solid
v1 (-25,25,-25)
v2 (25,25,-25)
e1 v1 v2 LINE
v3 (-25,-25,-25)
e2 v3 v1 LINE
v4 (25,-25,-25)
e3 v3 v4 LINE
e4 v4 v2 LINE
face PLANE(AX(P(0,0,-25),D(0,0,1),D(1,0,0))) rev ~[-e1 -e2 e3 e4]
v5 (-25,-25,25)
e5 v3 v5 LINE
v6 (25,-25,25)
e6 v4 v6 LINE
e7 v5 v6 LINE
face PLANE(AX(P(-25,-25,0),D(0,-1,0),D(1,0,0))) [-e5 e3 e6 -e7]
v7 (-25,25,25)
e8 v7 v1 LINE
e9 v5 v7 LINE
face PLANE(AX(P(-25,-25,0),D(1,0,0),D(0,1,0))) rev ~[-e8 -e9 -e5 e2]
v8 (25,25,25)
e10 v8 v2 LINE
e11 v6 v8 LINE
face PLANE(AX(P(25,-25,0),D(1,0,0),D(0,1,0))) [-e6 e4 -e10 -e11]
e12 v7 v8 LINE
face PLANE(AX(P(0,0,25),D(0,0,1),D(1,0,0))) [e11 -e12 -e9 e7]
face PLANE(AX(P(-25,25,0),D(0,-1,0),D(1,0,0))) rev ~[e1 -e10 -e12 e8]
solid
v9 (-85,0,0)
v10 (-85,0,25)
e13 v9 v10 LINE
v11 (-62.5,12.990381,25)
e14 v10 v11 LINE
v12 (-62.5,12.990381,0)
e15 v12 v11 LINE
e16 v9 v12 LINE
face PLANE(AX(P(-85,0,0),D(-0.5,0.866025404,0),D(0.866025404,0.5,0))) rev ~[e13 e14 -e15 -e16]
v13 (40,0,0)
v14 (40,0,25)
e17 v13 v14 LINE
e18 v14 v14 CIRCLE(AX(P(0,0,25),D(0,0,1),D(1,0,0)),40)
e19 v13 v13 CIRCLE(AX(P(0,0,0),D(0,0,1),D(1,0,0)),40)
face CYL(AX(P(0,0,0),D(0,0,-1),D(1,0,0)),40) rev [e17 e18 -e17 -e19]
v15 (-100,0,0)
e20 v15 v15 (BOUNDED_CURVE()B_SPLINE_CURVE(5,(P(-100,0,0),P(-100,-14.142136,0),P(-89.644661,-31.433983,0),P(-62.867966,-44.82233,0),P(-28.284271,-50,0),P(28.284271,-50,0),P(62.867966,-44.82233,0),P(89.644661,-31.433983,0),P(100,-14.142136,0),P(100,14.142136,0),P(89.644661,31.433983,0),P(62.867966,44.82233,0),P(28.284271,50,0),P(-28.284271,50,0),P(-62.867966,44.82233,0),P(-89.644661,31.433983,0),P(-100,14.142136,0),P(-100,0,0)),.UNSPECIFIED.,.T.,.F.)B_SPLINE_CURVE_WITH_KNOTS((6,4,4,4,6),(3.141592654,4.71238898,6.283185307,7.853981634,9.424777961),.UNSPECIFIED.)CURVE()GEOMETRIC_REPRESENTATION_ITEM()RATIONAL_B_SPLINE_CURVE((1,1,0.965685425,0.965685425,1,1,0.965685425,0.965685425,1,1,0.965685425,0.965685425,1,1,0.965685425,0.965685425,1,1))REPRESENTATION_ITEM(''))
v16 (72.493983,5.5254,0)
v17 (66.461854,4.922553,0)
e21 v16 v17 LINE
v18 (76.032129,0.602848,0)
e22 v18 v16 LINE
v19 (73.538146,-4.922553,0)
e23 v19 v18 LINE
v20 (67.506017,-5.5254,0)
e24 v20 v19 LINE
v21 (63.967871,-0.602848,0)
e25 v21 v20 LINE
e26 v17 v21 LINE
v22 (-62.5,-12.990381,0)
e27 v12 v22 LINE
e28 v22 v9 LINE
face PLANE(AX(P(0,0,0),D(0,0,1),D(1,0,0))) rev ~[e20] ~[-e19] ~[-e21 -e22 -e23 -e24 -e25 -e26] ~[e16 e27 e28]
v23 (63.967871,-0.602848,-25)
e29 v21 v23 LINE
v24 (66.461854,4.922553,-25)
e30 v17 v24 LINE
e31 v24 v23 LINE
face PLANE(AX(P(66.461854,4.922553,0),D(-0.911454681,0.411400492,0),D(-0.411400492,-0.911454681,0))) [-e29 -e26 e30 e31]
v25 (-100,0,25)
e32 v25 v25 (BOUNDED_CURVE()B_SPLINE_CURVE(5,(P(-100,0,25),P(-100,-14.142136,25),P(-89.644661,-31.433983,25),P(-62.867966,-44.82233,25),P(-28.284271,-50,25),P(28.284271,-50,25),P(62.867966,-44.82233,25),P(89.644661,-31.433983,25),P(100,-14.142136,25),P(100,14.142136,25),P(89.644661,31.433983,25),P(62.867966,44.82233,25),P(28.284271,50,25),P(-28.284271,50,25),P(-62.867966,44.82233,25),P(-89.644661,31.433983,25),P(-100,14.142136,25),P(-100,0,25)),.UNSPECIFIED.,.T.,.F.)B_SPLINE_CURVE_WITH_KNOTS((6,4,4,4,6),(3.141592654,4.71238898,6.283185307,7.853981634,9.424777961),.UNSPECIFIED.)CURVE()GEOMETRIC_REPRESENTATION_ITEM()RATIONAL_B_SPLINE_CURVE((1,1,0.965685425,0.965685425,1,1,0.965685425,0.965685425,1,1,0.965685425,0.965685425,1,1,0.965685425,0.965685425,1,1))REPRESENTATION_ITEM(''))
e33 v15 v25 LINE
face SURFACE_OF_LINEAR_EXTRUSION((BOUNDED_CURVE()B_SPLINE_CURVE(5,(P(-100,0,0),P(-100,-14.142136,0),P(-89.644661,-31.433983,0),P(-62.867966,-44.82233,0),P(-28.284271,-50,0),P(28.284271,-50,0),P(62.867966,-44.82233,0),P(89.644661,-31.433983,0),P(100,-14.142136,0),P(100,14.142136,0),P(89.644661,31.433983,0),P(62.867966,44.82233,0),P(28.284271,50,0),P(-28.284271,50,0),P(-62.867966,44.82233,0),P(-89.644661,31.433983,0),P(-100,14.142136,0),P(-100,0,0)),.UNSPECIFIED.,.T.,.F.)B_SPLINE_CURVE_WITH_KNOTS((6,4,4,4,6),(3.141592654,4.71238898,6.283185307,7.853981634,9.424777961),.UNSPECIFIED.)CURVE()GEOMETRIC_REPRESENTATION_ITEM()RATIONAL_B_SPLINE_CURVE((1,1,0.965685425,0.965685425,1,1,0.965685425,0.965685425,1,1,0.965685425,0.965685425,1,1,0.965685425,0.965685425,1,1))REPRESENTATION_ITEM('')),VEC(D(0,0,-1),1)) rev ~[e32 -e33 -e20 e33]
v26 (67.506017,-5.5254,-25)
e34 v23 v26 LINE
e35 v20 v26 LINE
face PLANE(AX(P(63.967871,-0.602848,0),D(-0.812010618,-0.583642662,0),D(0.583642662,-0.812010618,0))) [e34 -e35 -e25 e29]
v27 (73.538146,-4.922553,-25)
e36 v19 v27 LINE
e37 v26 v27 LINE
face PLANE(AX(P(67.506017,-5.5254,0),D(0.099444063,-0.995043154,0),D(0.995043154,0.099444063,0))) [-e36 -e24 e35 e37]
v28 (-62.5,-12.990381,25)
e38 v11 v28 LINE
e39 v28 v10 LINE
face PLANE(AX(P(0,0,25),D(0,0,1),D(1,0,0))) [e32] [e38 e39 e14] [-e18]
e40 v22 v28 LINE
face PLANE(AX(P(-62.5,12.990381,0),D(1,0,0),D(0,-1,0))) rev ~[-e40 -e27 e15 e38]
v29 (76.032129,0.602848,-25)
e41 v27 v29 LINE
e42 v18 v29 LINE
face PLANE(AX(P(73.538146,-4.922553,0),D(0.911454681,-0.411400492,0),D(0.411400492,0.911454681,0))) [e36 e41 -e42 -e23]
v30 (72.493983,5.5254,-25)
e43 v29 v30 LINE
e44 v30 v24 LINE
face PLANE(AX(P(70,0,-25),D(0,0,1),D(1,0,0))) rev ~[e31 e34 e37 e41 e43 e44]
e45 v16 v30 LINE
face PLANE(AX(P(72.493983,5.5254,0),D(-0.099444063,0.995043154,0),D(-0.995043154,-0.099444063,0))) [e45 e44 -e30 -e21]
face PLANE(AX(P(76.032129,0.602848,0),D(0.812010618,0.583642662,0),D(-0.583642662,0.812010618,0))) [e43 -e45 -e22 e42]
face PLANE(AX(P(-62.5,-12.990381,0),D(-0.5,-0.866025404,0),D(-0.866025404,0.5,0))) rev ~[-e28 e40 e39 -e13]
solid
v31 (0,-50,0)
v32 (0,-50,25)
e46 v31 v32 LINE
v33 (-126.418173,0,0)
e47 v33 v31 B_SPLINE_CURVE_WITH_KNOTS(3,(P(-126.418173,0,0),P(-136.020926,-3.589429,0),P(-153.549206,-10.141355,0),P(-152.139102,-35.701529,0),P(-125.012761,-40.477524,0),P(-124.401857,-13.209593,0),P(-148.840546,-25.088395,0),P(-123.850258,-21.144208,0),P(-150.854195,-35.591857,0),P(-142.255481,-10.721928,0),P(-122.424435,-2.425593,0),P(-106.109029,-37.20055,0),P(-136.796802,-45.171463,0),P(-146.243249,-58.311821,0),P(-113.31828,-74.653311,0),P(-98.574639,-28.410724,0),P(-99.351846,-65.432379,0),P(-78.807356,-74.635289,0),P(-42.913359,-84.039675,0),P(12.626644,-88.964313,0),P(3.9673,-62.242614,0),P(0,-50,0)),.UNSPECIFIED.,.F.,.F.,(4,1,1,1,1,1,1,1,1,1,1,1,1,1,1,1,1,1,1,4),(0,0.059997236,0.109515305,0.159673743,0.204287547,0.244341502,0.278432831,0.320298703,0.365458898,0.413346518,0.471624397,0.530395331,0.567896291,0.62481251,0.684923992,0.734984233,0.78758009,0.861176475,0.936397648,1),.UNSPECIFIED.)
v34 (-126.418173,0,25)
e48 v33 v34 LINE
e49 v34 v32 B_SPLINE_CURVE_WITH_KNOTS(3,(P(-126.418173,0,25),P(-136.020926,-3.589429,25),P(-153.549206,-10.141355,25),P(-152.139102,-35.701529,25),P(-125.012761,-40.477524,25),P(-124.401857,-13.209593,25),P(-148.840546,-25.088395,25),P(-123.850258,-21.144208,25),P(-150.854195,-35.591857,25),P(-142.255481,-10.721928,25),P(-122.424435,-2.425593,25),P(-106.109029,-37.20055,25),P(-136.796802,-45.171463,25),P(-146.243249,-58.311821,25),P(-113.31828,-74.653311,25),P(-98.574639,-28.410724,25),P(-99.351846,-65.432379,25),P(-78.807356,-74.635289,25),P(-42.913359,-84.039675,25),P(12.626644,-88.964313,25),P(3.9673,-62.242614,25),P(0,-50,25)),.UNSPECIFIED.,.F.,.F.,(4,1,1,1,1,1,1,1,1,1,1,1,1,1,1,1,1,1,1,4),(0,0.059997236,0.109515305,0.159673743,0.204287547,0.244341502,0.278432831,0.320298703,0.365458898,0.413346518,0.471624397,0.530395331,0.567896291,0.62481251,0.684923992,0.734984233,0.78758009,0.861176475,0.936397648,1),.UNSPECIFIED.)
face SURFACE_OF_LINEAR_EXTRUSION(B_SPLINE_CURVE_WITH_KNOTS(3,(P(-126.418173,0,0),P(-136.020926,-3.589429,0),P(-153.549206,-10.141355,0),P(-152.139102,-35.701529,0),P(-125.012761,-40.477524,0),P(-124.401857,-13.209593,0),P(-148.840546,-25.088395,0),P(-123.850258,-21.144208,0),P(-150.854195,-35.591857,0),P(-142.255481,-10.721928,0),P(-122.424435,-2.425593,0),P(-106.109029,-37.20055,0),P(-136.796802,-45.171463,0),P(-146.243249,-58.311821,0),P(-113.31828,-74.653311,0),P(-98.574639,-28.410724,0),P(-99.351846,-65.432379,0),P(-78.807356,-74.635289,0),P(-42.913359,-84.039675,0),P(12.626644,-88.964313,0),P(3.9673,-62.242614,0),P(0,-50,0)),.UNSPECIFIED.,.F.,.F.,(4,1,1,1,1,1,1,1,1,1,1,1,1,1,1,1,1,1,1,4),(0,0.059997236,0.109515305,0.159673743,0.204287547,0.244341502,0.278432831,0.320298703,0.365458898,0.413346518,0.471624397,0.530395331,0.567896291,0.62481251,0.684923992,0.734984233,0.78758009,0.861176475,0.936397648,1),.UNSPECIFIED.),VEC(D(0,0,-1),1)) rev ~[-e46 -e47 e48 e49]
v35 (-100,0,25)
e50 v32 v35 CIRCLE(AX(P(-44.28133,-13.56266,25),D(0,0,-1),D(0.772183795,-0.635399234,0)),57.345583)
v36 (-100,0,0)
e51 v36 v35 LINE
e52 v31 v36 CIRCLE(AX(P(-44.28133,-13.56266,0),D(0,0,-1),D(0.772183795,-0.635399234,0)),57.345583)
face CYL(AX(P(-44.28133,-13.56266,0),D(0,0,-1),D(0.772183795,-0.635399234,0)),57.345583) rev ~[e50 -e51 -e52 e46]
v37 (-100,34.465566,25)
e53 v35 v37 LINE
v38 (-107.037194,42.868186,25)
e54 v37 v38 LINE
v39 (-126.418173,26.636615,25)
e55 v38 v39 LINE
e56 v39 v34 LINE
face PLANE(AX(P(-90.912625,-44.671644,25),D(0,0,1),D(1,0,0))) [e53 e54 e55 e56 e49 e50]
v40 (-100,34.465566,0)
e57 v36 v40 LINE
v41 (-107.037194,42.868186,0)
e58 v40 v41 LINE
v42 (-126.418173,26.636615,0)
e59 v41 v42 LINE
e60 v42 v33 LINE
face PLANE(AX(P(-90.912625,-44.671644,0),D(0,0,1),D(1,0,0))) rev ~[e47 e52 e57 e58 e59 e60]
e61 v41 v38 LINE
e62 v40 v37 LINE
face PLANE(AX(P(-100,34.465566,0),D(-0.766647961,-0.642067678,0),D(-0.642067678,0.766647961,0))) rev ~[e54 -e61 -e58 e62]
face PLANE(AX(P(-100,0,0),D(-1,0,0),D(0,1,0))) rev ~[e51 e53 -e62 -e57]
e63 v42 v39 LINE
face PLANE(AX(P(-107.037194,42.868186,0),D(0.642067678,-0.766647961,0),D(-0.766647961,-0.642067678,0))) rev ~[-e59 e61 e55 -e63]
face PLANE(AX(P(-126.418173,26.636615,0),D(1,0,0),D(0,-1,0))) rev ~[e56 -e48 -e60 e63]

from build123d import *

# Parameters (mm, degrees)
F0_R     = 40
F1_DEPTH = 25
F0_W     = 50
F0_H     = 50
F2_DEPTH = 25


with BuildPart() as f1:
    # F0 (on Top) → F1 (new body)
    with BuildSketch(Plane.XY):
        with BuildLine():
            add(Edge.make_bspline(
                [(0, -50), (100, -50), (100, 0)],
                knots=[4.7123889804, 4.7123889804, 4.7123889804, 6.2831853072, 6.2831853072, 6.2831853072], degree=2, weights=[1, 0.7071067812, 1]))
            add(Edge.make_bspline(
                [(100, 0), (100, 50), (0, 50), (-100, 50), (-100, 0)],
                knots=[0, 0, 0, 1.5707963268, 1.5707963268, 3.1415926536, 3.1415926536, 3.1415926536], degree=2, weights=[1, 0.7071067812, 1, 0.7071067812, 1]))
            add(Edge.make_bspline(
                [(-100, 0), (-100, -50), (0, -50)],
                knots=[3.1415926536, 3.1415926536, 3.1415926536, 4.7123889804, 4.7123889804, 4.7123889804], degree=2, weights=[1, 0.7071067812, 1]))
        make_face()
        Polygon((-62.5, -12.9903810568), (-85, 0), (-62.5, 12.9903810568), align=None, mode=Mode.SUBTRACT)
        Circle(F0_R, mode=Mode.SUBTRACT)
        Polygon((66.461854397, 4.9225527617), (72.4939829417, 5.5254003553), (76.0321285446, 0.6028475936), (73.538145603, -4.9225527617), (67.5060170583, -5.5254003553), (63.9678714554, -0.6028475936), align=None, mode=Mode.SUBTRACT)
        Polygon((76.0321285446, 0.6028475936), (72.4939829417, 5.5254003553), (66.461854397, 4.9225527617), (63.9678714554, -0.6028475936), (67.5060170583, -5.5254003553), (73.538145603, -4.9225527617), align=None)
    extrude(amount=F1_DEPTH)

    # F0 (on Top) → F2 (join)
    with BuildSketch(Plane.XY):
        Polygon((76.0321285446, 0.6028475936), (72.4939829417, 5.5254003553), (66.461854397, 4.9225527617), (63.9678714554, -0.6028475936), (67.5060170583, -5.5254003553), (73.538145603, -4.9225527617), align=None)
    extrude(amount=-F2_DEPTH)


with BuildPart() as f1b:
    # F0 (on Top) → F1, piece 2 (new body)
    with BuildSketch(Plane.XY):
        Rectangle(F0_W, F0_H)
    extrude(amount=F1_DEPTH)

    # F0 (on Top) → F2, piece 2 (join)
    with BuildSketch(Plane.XY):
        Rectangle(F0_W, F0_H)
    extrude(amount=-F2_DEPTH)


with BuildPart() as f1c:
    # F0 (on Top) → F1, piece 3 (new body)
    with BuildSketch(Plane.XY):
        with BuildLine():
            ThreePointArc((0, -50), (-69.9270546316, -64.8541092633), (-100, 0))
            Line((-100, 0), (-126.4181733131, 0))
            add(Edge.make_bspline(
                [(-126.4181733131, 0), (-136.0209258607, -3.5894290983), (-153.5492062013, -10.1413546203), (-152.1391023865, -35.701528538), (-125.0127612437, -40.4775239064), (-124.4018570073, -13.2095927225), (-148.8405461339, -25.0883946313), (-123.8502582584, -21.1442084185), (-150.8541948567, -35.5918567031), (-142.2554812361, -10.7219282199), (-122.4244352267, -2.4255932939), (-106.1090290751, -37.2005497804), (-136.7968015676, -45.1714631945), (-146.2432486522, -58.3118214798), (-113.3182800131, -74.6533113623), (-98.5746390646, -28.4107235776), (-99.3518463087, -65.4323792035), (-78.807355626, -74.6352893855), (-42.913358526, -84.0396748235), (12.6266442314, -88.9643126179), (3.9673004502, -62.2426142813), (0, -50)],
                knots=[0, 0, 0, 0, 0.0599972362, 0.1095153052, 0.1596737434, 0.2042875466, 0.2443415015, 0.2784328313, 0.320298703, 0.3654588976, 0.4133465178, 0.4716243973, 0.5303953312, 0.5678962913, 0.6248125105, 0.6849239915, 0.7349842329, 0.7875800897, 0.8611764748, 0.9363976477, 1, 1, 1, 1], degree=3))
        make_face()
        Polygon((-126.4181733131, 0), (-100, 0), (-100, 34.4655661441), (-107.0371940732, 42.8681857884), (-126.4181733131, 26.6366153955), align=None)
    extrude(amount=F1_DEPTH)


solid = Compound([f1.part, f1b.part, f1c.part])
